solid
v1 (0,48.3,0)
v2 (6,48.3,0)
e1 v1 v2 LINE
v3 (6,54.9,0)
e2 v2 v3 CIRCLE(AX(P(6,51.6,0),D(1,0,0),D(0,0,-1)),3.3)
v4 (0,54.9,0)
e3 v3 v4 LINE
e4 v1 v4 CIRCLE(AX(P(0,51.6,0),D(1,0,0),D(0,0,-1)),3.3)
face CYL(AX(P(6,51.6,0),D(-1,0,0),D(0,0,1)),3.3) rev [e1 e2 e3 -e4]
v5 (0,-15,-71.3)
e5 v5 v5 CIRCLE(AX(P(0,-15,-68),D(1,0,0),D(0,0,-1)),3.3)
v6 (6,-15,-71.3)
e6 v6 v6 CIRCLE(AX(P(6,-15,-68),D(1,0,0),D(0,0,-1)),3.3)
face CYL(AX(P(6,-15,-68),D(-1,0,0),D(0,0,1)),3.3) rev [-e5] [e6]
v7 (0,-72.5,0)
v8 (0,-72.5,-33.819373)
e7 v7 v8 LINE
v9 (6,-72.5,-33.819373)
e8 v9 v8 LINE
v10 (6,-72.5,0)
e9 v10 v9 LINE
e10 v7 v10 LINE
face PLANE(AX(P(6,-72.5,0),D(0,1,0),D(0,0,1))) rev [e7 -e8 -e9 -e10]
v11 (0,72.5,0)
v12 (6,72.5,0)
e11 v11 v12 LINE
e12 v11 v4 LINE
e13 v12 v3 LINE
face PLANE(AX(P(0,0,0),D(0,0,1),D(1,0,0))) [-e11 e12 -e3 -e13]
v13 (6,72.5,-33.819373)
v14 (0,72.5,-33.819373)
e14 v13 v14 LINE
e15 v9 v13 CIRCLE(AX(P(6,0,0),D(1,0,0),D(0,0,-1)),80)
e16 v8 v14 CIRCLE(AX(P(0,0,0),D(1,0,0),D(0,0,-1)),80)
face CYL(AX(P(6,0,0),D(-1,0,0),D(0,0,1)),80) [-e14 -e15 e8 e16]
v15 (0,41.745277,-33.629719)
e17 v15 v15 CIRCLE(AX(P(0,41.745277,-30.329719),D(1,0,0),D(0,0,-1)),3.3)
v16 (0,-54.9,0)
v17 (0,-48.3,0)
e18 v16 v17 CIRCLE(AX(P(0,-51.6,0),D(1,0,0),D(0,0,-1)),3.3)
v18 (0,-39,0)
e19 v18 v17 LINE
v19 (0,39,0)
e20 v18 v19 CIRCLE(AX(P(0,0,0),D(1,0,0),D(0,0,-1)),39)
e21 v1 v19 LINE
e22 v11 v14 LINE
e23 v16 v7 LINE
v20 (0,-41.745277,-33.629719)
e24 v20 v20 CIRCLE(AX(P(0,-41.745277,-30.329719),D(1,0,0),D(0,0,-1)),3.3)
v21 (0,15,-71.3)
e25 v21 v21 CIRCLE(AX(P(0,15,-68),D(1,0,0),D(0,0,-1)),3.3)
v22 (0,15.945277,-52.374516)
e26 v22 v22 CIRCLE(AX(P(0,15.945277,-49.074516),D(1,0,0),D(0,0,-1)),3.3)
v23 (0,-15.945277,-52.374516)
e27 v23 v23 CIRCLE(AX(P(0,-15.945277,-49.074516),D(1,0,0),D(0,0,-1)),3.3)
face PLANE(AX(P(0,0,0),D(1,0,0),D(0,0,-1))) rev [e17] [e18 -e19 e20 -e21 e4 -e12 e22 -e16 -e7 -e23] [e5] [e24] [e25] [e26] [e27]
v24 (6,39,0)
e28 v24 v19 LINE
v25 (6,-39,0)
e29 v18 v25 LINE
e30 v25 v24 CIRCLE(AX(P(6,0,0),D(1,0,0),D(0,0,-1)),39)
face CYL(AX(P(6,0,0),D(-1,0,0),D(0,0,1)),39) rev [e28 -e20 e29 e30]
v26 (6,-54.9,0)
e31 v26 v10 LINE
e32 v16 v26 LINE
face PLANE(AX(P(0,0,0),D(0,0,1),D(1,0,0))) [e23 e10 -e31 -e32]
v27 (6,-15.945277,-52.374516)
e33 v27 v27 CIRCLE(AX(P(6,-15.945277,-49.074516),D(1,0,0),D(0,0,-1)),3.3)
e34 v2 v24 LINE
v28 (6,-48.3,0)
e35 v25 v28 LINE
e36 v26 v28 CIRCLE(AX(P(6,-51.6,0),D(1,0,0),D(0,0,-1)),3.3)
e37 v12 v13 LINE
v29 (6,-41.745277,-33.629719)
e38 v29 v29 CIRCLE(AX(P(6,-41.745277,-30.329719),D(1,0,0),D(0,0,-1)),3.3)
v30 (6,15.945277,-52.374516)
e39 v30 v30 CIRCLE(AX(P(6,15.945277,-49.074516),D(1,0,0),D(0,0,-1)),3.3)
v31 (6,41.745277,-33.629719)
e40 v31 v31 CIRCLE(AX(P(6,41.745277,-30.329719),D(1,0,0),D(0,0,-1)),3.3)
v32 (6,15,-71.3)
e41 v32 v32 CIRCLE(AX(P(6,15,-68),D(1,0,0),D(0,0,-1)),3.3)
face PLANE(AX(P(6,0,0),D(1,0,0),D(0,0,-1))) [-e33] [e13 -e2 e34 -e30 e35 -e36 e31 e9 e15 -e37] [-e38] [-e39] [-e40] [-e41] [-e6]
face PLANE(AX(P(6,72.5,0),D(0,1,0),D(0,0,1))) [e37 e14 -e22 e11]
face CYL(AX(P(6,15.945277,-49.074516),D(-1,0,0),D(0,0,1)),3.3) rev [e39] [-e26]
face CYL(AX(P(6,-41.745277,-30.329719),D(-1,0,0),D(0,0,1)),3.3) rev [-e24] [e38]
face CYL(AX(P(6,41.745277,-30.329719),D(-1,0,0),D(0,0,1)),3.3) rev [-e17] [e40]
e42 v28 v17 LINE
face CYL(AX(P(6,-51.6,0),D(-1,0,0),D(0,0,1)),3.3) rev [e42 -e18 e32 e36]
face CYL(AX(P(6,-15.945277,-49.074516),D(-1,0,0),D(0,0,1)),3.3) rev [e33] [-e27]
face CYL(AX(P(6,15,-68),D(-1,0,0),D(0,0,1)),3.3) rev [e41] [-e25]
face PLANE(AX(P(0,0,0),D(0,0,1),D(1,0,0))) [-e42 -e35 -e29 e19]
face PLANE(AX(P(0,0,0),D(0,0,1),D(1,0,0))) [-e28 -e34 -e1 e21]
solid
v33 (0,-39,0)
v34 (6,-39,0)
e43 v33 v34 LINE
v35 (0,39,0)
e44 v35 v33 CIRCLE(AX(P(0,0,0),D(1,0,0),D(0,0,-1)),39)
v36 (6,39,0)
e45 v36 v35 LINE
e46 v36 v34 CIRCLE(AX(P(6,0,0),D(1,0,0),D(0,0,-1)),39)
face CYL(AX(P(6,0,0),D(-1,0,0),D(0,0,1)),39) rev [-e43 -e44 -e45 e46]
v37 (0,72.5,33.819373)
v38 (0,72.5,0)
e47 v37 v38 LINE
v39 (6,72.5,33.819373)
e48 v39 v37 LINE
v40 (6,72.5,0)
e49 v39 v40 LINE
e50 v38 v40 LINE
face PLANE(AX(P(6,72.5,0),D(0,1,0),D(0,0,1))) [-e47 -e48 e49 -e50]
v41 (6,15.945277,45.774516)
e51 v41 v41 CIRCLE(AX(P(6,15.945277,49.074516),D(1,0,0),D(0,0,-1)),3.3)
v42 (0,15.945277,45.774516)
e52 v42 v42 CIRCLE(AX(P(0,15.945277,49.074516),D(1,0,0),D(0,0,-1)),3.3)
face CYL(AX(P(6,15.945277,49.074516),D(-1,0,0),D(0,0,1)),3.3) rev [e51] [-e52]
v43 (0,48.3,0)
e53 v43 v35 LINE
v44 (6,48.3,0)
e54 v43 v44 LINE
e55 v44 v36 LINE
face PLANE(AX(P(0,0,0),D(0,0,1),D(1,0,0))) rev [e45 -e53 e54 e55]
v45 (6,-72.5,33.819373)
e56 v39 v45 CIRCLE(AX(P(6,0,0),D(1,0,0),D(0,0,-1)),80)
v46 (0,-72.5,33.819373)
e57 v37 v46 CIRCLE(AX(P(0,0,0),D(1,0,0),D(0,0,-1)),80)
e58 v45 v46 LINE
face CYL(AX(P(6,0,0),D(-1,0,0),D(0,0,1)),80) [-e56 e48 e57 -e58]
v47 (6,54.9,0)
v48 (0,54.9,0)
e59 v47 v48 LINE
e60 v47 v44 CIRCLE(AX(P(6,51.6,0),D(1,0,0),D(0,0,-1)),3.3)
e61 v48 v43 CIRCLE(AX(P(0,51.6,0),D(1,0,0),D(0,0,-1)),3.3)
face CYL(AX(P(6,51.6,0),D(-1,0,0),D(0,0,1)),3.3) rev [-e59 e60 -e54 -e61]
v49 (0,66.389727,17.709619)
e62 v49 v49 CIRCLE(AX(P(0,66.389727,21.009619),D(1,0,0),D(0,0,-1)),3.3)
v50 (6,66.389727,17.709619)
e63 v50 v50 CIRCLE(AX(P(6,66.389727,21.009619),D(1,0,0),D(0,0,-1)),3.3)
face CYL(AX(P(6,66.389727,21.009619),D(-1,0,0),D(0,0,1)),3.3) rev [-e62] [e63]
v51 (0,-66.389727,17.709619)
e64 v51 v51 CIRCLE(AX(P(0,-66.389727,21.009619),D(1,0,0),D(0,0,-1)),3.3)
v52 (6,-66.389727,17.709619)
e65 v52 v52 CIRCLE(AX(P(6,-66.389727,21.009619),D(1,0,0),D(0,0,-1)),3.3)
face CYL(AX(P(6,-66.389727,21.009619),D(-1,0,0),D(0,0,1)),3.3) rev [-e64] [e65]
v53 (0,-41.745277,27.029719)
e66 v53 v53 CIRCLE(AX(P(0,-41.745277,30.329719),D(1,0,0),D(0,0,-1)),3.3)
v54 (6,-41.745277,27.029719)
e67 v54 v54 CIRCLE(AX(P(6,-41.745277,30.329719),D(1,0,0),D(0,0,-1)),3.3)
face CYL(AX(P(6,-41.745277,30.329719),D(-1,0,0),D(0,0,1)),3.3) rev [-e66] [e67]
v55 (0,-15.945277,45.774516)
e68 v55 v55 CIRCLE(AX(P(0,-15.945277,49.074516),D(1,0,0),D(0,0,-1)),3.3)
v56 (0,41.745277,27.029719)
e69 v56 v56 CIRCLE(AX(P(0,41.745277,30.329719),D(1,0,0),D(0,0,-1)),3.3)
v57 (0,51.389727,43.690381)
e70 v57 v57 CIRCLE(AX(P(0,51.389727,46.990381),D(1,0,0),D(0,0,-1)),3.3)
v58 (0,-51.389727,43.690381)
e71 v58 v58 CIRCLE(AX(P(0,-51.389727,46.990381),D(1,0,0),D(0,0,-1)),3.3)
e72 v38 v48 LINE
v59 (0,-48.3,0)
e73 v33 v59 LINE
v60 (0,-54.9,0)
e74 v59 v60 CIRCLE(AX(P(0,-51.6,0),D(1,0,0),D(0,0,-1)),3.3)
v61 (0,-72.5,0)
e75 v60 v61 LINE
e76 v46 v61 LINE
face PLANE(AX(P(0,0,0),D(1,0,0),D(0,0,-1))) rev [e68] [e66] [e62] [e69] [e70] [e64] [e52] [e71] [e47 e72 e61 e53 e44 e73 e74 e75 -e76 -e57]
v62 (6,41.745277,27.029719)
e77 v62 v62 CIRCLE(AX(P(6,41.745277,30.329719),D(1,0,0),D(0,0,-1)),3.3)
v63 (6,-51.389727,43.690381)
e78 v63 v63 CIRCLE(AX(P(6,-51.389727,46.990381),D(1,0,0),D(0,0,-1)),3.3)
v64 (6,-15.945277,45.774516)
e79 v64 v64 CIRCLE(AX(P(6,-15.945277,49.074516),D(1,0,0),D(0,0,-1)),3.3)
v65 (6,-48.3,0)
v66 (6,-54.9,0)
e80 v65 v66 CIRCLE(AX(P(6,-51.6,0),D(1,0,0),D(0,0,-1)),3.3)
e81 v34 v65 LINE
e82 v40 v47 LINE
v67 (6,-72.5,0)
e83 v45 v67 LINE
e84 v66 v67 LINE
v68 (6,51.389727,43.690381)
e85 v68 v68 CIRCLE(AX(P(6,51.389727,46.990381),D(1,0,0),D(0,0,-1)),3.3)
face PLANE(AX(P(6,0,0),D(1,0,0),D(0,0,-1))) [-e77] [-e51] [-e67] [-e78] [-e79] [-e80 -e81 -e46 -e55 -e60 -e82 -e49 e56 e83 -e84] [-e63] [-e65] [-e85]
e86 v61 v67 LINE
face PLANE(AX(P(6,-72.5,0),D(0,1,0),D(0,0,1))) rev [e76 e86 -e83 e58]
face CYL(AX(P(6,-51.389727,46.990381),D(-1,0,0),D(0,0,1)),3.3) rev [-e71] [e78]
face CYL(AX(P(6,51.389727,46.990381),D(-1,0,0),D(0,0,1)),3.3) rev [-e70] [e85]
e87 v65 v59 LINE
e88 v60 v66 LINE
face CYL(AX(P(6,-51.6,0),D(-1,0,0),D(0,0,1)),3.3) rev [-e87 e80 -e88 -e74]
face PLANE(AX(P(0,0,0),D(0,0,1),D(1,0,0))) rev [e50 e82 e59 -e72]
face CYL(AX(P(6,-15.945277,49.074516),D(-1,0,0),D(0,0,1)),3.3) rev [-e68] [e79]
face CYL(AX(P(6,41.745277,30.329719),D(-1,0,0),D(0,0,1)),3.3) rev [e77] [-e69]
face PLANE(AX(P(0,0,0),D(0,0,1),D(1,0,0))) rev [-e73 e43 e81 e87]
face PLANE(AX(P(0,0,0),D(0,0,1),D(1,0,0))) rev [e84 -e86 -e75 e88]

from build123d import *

# Parameters (mm, degrees)
SKETCH1_R           = 3.3
SKETCH1_R_2         = 39
BOSS_EXTRUDE1_DEPTH = 6


with BuildPart() as part:
    # Sketch1 → Boss-Extrude1 (new body)
    with BuildSketch(Plane(origin=(0, 0, 0), x_dir=(0, 0, -1), z_dir=(1, 0, 0))):
        with BuildLine():
            Line((-33.819373146, -72.5), (33.819373146, -72.5))
            ThreePointArc((33.819373146, -72.5), (80, 0), (33.819373146, 72.5))
            Line((33.819373146, 72.5), (-33.819373146, 72.5))
            ThreePointArc((-33.819373146, 72.5), (-80, 0), (-33.819373146, -72.5))
        make_face()
        with Locations((-46.990381057, 51.389727457)):
            Circle(SKETCH1_R, mode=Mode.SUBTRACT)
        with Locations((-21.009618943, 66.389727457)):
            Circle(SKETCH1_R, mode=Mode.SUBTRACT)
        with Locations((-21.009618943, -66.389727457)):
            Circle(SKETCH1_R, mode=Mode.SUBTRACT)
        with Locations((-46.990381057, -51.389727457)):
            Circle(SKETCH1_R, mode=Mode.SUBTRACT)
        with Locations((68, -15)):
            Circle(SKETCH1_R, mode=Mode.SUBTRACT)
        with Locations((68, 15)):
            Circle(SKETCH1_R, mode=Mode.SUBTRACT)
        with Locations((0, 51.6)):
            Circle(SKETCH1_R, mode=Mode.SUBTRACT)
        with Locations((30.329719018, 41.74527691)):
            Circle(SKETCH1_R, mode=Mode.SUBTRACT)
        with Locations((49.074516241, 15.94527691)):
            Circle(SKETCH1_R, mode=Mode.SUBTRACT)
        with Locations((49.074516241, -15.94527691)):
            Circle(SKETCH1_R, mode=Mode.SUBTRACT)
        with Locations((30.329719018, -41.74527691)):
            Circle(SKETCH1_R, mode=Mode.SUBTRACT)
        with Locations((0, -51.6)):
            Circle(SKETCH1_R, mode=Mode.SUBTRACT)
        with Locations((-30.329719018, -41.74527691)):
            Circle(SKETCH1_R, mode=Mode.SUBTRACT)
        with Locations((-49.074516241, -15.94527691)):
            Circle(SKETCH1_R, mode=Mode.SUBTRACT)
        with Locations((-49.074516241, 15.94527691)):
            Circle(SKETCH1_R, mode=Mode.SUBTRACT)
        with Locations((-30.329719018, 41.74527691)):
            Circle(SKETCH1_R, mode=Mode.SUBTRACT)
        Circle(SKETCH1_R_2, mode=Mode.SUBTRACT)
    extrude(amount=BOSS_EXTRUDE1_DEPTH)


with BuildPart() as body_2:
    # Split1: the piece on the far side of the plane
    add(part.part)
    split(bisect_by=Plane.XY, keep=Keep.BOTTOM)


with BuildPart() as part_1:
    add(part.part)

    # Split1
    split(bisect_by=Plane.XY, keep=Keep.TOP)


solid = Compound([body_2.part, part_1.part])
